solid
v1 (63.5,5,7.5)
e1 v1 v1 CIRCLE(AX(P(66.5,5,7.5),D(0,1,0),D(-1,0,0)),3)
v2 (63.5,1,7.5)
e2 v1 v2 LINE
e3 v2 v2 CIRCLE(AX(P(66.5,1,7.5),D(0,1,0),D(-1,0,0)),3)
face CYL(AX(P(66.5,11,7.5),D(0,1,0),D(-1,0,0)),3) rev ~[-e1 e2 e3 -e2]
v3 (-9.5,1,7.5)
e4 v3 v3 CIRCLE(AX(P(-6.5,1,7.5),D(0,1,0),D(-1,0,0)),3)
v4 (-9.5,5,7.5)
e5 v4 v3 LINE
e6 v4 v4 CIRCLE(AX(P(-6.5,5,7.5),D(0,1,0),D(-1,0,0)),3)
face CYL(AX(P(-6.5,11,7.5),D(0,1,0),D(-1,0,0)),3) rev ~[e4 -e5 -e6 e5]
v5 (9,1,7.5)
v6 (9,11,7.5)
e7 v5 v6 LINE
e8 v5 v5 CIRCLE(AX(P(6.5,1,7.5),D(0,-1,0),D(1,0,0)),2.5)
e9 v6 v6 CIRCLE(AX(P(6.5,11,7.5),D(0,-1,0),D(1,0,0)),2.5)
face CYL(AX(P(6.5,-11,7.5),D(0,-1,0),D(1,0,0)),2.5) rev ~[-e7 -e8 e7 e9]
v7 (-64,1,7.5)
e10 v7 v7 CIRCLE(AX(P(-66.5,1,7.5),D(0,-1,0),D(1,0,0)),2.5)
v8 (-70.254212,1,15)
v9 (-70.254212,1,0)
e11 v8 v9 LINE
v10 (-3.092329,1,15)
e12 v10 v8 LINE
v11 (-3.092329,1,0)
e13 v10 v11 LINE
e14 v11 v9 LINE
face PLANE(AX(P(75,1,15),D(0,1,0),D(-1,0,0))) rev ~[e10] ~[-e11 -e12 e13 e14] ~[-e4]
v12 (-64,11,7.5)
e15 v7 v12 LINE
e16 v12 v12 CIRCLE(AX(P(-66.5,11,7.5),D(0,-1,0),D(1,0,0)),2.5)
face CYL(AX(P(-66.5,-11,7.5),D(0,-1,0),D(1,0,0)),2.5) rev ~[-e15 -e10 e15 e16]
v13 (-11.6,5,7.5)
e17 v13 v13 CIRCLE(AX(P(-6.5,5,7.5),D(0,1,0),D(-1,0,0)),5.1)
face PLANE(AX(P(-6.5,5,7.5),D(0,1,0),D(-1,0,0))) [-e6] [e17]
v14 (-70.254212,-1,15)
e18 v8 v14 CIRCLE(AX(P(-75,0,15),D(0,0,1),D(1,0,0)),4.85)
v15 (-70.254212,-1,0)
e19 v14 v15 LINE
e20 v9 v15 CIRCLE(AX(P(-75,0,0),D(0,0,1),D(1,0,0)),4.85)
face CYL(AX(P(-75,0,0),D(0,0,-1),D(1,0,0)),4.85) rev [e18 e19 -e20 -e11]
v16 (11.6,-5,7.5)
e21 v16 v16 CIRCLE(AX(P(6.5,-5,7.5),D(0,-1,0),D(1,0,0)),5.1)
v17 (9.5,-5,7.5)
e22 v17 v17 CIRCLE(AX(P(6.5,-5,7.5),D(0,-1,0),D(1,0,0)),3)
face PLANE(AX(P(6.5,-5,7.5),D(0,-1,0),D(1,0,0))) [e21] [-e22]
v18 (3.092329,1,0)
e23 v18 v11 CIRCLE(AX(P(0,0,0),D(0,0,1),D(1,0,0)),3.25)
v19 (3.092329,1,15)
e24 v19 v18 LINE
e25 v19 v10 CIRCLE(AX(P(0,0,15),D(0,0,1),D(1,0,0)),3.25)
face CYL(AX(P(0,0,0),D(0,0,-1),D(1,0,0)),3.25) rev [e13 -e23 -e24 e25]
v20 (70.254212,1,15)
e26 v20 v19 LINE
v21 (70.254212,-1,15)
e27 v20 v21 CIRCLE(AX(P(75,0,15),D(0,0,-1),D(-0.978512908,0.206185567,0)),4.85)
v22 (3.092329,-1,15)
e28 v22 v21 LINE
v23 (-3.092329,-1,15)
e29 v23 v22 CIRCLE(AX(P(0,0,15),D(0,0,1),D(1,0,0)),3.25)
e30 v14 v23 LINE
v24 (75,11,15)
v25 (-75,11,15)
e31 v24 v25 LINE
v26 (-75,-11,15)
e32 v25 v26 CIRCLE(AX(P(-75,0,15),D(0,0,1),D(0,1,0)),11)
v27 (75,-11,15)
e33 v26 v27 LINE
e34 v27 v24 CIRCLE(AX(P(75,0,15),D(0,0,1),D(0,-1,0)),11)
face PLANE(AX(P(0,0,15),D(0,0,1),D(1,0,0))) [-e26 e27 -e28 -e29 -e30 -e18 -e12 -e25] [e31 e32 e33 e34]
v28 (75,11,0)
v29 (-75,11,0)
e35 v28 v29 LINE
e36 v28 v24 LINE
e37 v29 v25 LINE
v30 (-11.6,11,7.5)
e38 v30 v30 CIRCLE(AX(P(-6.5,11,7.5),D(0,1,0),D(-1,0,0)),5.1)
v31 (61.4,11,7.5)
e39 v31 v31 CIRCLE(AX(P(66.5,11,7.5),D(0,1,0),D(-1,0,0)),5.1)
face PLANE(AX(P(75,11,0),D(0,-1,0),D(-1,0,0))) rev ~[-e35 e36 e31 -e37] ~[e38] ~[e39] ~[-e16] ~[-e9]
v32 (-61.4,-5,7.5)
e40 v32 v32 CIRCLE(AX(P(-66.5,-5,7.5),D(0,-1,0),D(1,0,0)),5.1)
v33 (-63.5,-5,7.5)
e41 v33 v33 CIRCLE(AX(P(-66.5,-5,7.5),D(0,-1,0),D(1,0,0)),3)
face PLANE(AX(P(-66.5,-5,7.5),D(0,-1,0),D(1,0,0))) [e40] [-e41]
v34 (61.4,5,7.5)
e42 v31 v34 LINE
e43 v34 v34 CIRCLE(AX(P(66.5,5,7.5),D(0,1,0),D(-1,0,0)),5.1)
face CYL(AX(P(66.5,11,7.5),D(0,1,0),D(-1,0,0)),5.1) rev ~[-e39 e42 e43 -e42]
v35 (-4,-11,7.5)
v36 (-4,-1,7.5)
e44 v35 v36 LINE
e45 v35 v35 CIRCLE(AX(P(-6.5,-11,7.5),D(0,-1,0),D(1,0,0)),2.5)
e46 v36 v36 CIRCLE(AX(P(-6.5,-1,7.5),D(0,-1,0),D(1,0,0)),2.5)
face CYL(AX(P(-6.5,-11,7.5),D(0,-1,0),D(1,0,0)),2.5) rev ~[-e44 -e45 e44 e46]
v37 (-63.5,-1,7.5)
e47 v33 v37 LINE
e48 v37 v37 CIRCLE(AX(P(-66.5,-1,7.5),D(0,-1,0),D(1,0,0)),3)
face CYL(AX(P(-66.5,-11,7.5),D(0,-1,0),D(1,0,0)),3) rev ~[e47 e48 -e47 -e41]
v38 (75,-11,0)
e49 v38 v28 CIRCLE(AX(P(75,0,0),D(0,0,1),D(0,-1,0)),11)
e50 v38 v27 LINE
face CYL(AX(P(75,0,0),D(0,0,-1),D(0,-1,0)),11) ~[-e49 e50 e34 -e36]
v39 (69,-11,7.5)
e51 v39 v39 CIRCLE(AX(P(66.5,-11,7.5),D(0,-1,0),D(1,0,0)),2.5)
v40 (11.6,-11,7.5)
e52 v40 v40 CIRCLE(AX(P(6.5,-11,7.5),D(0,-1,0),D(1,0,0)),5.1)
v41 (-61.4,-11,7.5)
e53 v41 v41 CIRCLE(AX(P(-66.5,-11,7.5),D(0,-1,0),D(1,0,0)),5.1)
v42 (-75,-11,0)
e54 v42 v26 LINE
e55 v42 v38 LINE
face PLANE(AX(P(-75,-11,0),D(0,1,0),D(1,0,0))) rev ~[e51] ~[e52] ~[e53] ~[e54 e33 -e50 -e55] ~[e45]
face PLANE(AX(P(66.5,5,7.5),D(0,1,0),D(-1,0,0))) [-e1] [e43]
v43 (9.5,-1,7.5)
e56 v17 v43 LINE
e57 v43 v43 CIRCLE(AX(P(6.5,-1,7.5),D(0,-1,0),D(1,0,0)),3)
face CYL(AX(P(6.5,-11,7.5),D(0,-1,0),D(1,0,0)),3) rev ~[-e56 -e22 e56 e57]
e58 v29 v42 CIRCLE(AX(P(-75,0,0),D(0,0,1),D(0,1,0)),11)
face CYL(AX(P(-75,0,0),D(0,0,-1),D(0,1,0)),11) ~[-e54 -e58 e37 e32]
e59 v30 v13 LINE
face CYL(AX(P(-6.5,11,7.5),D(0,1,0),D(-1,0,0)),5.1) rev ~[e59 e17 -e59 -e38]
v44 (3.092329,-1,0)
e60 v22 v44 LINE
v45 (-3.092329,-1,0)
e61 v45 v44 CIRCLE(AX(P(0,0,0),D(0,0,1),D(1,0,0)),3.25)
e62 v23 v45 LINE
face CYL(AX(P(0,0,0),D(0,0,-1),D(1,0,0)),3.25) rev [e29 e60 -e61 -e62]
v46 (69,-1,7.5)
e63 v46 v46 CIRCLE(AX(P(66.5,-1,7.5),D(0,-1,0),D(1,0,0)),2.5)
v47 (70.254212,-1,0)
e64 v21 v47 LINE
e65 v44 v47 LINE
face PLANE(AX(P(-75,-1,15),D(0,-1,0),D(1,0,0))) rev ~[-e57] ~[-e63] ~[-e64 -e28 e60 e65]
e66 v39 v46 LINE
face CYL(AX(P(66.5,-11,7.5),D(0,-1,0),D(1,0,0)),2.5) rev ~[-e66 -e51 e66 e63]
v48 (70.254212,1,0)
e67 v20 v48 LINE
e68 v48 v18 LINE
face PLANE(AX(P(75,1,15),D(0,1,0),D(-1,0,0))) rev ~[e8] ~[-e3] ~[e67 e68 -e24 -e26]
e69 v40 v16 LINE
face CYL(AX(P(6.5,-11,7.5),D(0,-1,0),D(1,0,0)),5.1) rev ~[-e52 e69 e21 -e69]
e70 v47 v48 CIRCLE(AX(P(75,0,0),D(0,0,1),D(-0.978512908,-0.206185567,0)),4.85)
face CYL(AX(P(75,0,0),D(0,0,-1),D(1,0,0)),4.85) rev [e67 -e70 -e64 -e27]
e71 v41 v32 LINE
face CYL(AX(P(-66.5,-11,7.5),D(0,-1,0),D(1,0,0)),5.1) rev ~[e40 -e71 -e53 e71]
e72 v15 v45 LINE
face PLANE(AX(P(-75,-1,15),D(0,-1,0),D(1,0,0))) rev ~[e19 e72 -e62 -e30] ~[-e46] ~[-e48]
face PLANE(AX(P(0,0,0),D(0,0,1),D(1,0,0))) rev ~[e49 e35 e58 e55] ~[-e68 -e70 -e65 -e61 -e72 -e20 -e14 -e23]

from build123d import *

# Parameters (mm, degrees)
F0_R      = 4.85
F0_R_2    = 3.25
F1_DEPTH  = 15
F3_DEPTH  = 15.001
F4_R      = 2.5
F5_DEPTH  = 22.001
F6_R      = 3
F7_DEPTH  = 10
F8_R      = 3
F9_DEPTH  = 10
F10_R     = 5.1
F11_DEPTH = 6
F12_R     = 5.1
F13_DEPTH = 6


with BuildPart() as f1:
    # F0 (on Top) → F1 (new body)
    with BuildSketch(Plane.XY):
        with BuildLine():
            Line((-75, -11), (0, -11))
            Line((0, -11), (75, -11))
            ThreePointArc((75, -11), (86, 0), (75, 11))
            Line((75, 11), (0, 11))
            Line((0, 11), (-75, 11))
            ThreePointArc((-75, 11), (-86, 0), (-75, -11))
        make_face()
        with Locations((-75, 0)):
            Circle(F0_R, mode=Mode.SUBTRACT)
        Circle(F0_R_2, mode=Mode.SUBTRACT)
        with Locations((75, 0)):
            Circle(F0_R, mode=Mode.SUBTRACT)
    extrude(amount=F1_DEPTH)

    # F2 (on face) → F3 (cut, through all)
    with BuildSketch(Plane.XY.offset(15)):
        Polygon((75, -1), (75, 1), (0, 1), (-75, 1), (-75, -1), (0, -1), align=None)
    extrude(amount=-F3_DEPTH, mode=Mode.SUBTRACT)

    # F4 (on face) → F5 (cut, through all)
    with BuildSketch(Plane.XZ.offset(11)):
        with Locations((-66.5, 7.5)):
            Circle(F4_R)
        with Locations((66.5, 7.5)):
            Circle(F4_R)
        with Locations((-6.5, 7.5)):
            Circle(F4_R)
        with Locations((6.5, 7.5)):
            Circle(F4_R)
    extrude(amount=-F5_DEPTH, mode=Mode.SUBTRACT)

    # F6 (on face) → F7 (cut, through all)
    with BuildSketch(Plane.XZ.offset(11)):
        with Locations((-66.5, 7.5)):
            Circle(F6_R)
        with Locations((6.5, 7.5)):
            Circle(F6_R)
    extrude(amount=-F7_DEPTH, mode=Mode.SUBTRACT)

    # F8 (on face) → F9 (cut, through all)
    with BuildSketch(Plane(origin=(0, 11, 0), x_dir=(-1, 0, 0), z_dir=(0, 1, 0))):
        with Locations((-66.5, 7.5)):
            Circle(F8_R)
        with Locations((6.5, 7.5)):
            Circle(F8_R)
    extrude(amount=-F9_DEPTH, mode=Mode.SUBTRACT)

    # F10 (on face) → F11 (cut)
    with BuildSketch(Plane.XZ.offset(11)):
        with Locations((-66.5, 7.5)):
            Circle(F10_R)
        with Locations((6.5, 7.5)):
            Circle(F10_R)
    extrude(amount=-F11_DEPTH, mode=Mode.SUBTRACT)

    # F12 (on face) → F13 (cut)
    with BuildSketch(Plane(origin=(0, 11, 0), x_dir=(-1, 0, 0), z_dir=(0, 1, 0))):
        with Locations((-66.5, 7.5)):
            Circle(F12_R)
        with Locations((6.5, 7.5)):
            Circle(F12_R)
    extrude(amount=-F13_DEPTH, mode=Mode.SUBTRACT)


solid = f1.part
